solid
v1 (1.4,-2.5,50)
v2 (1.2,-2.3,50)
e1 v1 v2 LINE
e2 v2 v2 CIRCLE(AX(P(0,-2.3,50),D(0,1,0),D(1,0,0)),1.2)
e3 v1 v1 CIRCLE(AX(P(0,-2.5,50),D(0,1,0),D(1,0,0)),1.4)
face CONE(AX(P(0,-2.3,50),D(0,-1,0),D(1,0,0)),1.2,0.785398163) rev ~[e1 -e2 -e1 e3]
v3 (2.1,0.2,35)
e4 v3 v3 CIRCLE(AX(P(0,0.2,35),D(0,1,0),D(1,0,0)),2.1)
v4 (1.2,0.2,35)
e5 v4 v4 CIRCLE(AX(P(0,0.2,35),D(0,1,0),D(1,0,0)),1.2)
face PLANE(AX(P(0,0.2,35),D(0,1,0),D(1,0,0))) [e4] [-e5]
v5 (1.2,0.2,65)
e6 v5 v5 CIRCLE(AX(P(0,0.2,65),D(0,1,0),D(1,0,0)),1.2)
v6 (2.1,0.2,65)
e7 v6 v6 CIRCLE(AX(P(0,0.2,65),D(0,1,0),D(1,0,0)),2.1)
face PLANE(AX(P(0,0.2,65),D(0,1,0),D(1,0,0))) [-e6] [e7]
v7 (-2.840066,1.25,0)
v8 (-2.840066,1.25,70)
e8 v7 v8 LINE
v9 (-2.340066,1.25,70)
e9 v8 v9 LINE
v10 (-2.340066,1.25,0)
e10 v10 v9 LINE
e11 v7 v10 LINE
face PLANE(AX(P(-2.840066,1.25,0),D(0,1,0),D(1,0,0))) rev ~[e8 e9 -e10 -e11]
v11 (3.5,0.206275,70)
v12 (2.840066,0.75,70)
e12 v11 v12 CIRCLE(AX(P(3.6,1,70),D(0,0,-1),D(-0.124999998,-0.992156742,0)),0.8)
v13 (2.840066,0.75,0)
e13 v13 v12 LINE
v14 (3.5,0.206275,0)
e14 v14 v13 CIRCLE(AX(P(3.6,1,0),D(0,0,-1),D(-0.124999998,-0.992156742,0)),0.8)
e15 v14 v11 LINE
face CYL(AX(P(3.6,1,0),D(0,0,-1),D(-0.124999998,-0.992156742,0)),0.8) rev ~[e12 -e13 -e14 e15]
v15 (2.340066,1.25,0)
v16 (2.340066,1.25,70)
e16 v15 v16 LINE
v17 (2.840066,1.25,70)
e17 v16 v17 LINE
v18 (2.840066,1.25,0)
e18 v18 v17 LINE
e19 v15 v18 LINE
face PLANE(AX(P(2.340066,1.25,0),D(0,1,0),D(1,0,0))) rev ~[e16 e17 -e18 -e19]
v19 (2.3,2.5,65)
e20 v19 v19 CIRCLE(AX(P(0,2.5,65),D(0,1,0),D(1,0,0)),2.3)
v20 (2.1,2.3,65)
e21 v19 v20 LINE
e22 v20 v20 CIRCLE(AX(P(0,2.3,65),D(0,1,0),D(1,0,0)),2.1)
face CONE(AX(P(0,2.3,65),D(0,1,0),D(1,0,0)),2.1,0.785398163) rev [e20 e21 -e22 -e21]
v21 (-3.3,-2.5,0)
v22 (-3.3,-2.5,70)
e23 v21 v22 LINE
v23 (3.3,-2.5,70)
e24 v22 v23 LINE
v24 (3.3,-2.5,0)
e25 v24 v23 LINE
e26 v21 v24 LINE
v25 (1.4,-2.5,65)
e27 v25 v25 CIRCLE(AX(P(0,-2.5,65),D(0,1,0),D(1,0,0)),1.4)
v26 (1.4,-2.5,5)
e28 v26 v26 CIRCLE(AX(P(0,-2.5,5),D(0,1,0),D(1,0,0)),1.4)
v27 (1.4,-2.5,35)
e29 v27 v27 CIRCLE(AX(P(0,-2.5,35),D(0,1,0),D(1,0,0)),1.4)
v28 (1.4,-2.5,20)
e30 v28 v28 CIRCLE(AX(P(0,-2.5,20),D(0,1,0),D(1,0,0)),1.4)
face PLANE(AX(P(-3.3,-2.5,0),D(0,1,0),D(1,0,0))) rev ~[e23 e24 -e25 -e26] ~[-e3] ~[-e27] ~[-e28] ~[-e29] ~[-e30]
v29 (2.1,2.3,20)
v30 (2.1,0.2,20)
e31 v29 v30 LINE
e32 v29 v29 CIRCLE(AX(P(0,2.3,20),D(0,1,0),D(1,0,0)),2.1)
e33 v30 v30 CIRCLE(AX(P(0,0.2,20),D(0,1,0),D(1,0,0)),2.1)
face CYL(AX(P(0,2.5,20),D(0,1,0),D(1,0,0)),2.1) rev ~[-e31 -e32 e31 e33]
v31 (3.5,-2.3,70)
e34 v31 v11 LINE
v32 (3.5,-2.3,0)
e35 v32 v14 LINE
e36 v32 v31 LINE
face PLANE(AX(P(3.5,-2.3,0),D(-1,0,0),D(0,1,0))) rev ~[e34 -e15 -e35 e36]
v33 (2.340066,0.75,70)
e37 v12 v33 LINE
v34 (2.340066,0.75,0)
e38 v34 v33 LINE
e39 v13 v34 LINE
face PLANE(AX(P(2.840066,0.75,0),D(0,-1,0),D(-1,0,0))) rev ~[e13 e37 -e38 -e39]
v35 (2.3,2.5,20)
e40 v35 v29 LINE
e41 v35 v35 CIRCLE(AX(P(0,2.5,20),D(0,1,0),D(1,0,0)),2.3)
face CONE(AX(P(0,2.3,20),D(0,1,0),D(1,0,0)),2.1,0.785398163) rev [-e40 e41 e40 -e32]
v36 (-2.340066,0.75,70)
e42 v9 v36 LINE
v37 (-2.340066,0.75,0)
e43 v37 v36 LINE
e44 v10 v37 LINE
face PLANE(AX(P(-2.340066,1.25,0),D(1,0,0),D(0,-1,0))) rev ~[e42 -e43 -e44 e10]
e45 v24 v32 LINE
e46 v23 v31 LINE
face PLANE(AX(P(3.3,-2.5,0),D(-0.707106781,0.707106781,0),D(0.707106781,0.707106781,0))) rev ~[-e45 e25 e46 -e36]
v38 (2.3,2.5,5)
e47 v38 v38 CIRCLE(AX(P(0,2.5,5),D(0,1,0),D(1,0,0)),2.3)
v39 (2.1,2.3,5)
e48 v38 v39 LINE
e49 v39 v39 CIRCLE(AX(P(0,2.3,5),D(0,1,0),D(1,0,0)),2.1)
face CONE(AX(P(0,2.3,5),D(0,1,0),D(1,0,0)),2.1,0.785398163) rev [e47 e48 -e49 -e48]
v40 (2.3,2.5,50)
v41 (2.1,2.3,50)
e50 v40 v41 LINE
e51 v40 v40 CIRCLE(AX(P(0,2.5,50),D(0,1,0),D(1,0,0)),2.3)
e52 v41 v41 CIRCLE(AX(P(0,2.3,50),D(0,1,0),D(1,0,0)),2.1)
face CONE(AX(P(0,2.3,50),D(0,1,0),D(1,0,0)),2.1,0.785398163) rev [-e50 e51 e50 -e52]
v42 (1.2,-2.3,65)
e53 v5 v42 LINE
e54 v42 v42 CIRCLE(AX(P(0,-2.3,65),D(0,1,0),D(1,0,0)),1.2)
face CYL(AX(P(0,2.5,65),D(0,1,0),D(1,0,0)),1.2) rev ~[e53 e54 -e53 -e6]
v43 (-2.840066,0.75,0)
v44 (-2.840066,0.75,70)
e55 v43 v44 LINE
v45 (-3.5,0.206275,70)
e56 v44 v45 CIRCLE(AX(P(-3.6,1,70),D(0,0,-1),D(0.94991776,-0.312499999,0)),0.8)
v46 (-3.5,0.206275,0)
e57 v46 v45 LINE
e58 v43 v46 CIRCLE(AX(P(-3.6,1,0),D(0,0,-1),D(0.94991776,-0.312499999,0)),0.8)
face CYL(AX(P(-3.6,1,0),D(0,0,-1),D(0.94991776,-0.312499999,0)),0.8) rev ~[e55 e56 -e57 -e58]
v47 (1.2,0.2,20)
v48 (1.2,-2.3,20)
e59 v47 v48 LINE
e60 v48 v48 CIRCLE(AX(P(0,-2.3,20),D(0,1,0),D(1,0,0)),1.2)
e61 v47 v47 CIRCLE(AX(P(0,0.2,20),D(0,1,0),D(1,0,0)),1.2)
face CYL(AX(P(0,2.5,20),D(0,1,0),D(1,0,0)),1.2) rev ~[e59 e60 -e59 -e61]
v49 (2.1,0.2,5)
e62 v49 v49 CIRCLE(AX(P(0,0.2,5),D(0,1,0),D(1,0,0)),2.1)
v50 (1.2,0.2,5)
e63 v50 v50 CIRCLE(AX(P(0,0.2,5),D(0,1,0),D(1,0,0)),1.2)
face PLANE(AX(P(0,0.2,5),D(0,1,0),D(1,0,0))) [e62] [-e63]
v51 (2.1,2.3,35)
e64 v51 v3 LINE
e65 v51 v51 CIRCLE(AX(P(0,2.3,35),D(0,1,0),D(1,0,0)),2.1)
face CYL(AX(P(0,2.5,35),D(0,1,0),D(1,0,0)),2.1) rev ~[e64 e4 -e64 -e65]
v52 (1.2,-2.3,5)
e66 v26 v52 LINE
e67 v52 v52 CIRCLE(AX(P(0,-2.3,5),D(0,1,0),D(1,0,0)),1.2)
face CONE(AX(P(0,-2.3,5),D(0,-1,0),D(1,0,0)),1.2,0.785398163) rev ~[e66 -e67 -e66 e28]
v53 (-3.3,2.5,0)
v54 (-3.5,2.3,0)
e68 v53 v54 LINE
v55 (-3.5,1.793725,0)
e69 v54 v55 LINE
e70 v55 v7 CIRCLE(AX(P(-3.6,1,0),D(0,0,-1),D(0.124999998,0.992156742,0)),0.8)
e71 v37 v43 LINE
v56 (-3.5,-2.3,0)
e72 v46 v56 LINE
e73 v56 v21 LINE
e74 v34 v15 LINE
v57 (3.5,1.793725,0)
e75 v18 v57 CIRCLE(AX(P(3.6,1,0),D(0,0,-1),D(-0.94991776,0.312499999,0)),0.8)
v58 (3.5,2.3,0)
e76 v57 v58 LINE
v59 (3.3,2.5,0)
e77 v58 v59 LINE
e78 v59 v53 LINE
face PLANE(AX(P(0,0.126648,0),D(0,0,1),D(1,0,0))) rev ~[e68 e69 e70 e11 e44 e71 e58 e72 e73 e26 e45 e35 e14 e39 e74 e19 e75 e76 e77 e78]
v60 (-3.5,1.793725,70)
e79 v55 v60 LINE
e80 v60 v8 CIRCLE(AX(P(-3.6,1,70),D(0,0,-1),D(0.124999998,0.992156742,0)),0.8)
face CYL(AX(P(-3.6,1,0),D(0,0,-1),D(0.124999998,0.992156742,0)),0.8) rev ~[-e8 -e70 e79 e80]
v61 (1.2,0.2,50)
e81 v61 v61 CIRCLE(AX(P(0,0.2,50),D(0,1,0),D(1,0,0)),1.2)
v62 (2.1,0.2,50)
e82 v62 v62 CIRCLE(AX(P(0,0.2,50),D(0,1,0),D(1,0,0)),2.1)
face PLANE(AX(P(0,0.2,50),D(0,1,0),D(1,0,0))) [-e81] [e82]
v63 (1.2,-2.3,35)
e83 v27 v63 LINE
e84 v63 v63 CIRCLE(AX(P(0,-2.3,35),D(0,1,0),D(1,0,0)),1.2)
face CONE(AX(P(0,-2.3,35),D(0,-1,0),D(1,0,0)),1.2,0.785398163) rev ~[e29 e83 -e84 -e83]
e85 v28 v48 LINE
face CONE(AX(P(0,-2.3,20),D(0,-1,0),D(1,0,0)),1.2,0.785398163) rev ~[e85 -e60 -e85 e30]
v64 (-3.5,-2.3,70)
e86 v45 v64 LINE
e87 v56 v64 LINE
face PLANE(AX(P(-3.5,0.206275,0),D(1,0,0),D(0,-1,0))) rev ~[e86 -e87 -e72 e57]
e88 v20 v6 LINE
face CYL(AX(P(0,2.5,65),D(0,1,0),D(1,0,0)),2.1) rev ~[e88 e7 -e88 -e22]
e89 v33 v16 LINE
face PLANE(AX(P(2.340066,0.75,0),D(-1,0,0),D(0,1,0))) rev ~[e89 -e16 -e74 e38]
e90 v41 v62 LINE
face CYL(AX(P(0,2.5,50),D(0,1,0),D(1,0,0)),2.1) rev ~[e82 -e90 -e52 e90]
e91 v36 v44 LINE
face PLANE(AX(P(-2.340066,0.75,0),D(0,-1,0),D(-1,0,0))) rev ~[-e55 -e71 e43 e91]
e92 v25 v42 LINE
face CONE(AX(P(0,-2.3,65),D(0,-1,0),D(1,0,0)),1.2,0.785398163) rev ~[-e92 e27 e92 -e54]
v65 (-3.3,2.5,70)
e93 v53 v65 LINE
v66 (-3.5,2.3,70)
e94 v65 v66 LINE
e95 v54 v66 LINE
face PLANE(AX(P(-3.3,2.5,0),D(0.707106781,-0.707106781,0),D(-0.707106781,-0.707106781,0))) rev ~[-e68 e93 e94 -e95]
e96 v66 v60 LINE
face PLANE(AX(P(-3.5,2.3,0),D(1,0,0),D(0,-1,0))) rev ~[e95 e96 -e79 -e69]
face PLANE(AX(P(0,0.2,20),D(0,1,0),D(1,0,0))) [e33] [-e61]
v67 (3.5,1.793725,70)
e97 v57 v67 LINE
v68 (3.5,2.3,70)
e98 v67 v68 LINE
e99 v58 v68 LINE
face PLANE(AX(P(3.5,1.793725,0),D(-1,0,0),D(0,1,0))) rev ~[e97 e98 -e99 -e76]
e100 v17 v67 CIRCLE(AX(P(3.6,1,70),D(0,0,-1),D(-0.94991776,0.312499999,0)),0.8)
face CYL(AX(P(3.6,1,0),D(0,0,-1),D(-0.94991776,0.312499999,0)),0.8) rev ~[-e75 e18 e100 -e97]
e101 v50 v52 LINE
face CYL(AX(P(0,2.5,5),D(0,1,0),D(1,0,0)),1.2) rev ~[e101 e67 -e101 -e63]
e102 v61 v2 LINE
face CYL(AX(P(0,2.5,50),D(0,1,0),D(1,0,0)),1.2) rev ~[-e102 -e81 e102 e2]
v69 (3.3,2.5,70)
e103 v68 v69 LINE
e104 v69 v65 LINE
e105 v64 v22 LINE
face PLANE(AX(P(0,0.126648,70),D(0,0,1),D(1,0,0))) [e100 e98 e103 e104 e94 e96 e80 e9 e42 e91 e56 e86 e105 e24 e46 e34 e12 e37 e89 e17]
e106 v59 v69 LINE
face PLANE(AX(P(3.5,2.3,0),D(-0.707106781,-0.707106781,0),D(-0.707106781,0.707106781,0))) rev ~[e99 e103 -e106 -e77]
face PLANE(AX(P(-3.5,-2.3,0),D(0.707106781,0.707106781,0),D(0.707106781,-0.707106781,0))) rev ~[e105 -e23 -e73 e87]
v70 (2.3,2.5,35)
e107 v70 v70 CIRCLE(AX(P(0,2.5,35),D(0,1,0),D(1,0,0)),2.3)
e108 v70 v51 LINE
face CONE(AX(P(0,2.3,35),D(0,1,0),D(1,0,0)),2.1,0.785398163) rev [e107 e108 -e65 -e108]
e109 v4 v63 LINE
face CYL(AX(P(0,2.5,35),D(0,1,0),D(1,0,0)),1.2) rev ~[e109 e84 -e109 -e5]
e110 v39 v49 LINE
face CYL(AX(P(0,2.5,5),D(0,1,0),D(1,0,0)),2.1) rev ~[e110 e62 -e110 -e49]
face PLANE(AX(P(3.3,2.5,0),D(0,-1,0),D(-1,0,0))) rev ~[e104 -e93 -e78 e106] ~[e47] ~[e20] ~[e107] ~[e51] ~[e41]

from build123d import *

# Parameters (mm, degrees)
EXTRUDE1_DEPTH             = 70
EXTRUDE2_REACH             = 72.266
SKETCH2_R                  = 1.2
SKETCH_R                   = 2.1
SKETCH_R_2                 = 1.2
EXTRUDE4_DEPTH             = 2.3
CHAMFER1_SIZE              = 0.2
LPATTERN1_COUNT            = 5
LPATTERN1_PITCH            = 15
CHAMFER1_OF_LPATTERN1_SIZE = 0.2


with BuildPart() as part:
    # Sketch1 → Extrude1 (new body)
    with BuildSketch(Plane.XY):
        with BuildLine():
            Line((-3.3, -2.5), (3.3, -2.5))
            Line((3.3, -2.5), (3.5, -2.3))
            Line((3.5, -2.3), (3.5, 0.206274607))
            ThreePointArc((3.5, 0.206274607), (3.091294745, 0.382570681), (2.840065792, 0.75))
            Line((2.840065792, 0.75), (2.340065792, 0.75))
            Line((2.340065792, 0.75), (2.340065792, 1.25))
            Line((2.340065792, 1.25), (2.840065792, 1.25))
            ThreePointArc((2.840065792, 1.25), (3.091294745, 1.617429319), (3.5, 1.793725393))
            Line((3.5, 1.793725393), (3.5, 2.3))
            Line((3.5, 2.3), (3.3, 2.5))
            Line((3.3, 2.5), (-3.3, 2.5))
            Line((-3.3, 2.5), (-3.5, 2.3))
            Line((-3.5, 2.3), (-3.5, 1.793725393))
            ThreePointArc((-3.5, 1.793725393), (-3.091294745, 1.617429319), (-2.840065792, 1.25))
            Line((-2.840065792, 1.25), (-2.340065792, 1.25))
            Line((-2.340065792, 1.25), (-2.340065792, 0.75))
            Line((-2.340065792, 0.75), (-2.840065792, 0.75))
            ThreePointArc((-2.840065792, 0.75), (-3.091294745, 0.382570681), (-3.5, 0.206274607))
            Line((-3.5, 0.206274607), (-3.5, -2.3))
            Line((-3.5, -2.3), (-3.3, -2.5))
        make_face()
    extrude(amount=EXTRUDE1_DEPTH)

    # Sketch2 → Extrude2 (cut, up to next)
    with BuildSketch(Plane(origin=(0, 2.5, 0), x_dir=(1, 0, 0), z_dir=(0, 1, 0)), mode=Mode.PRIVATE) as extrude2_sk1:
        with Locations((0, -5)):
            Circle(SKETCH2_R)
    extrude2_tool1 = extrude(extrude2_sk1.sketch, amount=-EXTRUDE2_REACH, mode=Mode.PRIVATE) & part.part
    extrude2 = extrude2_tool1.solids().sort_by_distance((0, 2.5, 5))[0]
    add(extrude2, mode=Mode.SUBTRACT)

    # Sketch → Extrude4 (cut)
    with BuildSketch(Plane(origin=(0, 2.5, 0), x_dir=(1, 0, 0), z_dir=(0, 1, 0))):
        with Locations((0, -5)):
            Circle(SKETCH_R)
        with Locations((0, -5)):
            Circle(SKETCH_R_2, mode=Mode.SUBTRACT)
    extrude4 = extrude(amount=-EXTRUDE4_DEPTH, mode=Mode.SUBTRACT)

    # Chamfer1
    chamfer1_edges = [part.edges().sort_by_distance(p)[0] for p in [
        (-1.2, -2.5, 5),
        (-2.1, 2.5, 5),
    ]]
    chamfer(chamfer1_edges, length=CHAMFER1_SIZE)

    # LPattern1: Extrude2, Extrude4 ×5
    with Locations(*[(0, 0, i * LPATTERN1_PITCH) for i in range(1, LPATTERN1_COUNT)]):
        add(extrude2, mode=Mode.SUBTRACT)
        add(extrude4, mode=Mode.SUBTRACT)

    # Chamfer1 of LPattern1
    chamfer1_of_lpattern1_edges = [part.edges().sort_by_distance(p)[0] for p in [
        (-1.2, -2.5, 20),
        (-2.1, 2.5, 20),
        (-1.2, -2.5, 35),
        (-2.1, 2.5, 35),
        (-1.2, -2.5, 50),
        (-2.1, 2.5, 50),
        (-1.2, -2.5, 65),
        (-2.1, 2.5, 65),
    ]]
    chamfer(chamfer1_of_lpattern1_edges, length=CHAMFER1_OF_LPATTERN1_SIZE)


solid = part.part
